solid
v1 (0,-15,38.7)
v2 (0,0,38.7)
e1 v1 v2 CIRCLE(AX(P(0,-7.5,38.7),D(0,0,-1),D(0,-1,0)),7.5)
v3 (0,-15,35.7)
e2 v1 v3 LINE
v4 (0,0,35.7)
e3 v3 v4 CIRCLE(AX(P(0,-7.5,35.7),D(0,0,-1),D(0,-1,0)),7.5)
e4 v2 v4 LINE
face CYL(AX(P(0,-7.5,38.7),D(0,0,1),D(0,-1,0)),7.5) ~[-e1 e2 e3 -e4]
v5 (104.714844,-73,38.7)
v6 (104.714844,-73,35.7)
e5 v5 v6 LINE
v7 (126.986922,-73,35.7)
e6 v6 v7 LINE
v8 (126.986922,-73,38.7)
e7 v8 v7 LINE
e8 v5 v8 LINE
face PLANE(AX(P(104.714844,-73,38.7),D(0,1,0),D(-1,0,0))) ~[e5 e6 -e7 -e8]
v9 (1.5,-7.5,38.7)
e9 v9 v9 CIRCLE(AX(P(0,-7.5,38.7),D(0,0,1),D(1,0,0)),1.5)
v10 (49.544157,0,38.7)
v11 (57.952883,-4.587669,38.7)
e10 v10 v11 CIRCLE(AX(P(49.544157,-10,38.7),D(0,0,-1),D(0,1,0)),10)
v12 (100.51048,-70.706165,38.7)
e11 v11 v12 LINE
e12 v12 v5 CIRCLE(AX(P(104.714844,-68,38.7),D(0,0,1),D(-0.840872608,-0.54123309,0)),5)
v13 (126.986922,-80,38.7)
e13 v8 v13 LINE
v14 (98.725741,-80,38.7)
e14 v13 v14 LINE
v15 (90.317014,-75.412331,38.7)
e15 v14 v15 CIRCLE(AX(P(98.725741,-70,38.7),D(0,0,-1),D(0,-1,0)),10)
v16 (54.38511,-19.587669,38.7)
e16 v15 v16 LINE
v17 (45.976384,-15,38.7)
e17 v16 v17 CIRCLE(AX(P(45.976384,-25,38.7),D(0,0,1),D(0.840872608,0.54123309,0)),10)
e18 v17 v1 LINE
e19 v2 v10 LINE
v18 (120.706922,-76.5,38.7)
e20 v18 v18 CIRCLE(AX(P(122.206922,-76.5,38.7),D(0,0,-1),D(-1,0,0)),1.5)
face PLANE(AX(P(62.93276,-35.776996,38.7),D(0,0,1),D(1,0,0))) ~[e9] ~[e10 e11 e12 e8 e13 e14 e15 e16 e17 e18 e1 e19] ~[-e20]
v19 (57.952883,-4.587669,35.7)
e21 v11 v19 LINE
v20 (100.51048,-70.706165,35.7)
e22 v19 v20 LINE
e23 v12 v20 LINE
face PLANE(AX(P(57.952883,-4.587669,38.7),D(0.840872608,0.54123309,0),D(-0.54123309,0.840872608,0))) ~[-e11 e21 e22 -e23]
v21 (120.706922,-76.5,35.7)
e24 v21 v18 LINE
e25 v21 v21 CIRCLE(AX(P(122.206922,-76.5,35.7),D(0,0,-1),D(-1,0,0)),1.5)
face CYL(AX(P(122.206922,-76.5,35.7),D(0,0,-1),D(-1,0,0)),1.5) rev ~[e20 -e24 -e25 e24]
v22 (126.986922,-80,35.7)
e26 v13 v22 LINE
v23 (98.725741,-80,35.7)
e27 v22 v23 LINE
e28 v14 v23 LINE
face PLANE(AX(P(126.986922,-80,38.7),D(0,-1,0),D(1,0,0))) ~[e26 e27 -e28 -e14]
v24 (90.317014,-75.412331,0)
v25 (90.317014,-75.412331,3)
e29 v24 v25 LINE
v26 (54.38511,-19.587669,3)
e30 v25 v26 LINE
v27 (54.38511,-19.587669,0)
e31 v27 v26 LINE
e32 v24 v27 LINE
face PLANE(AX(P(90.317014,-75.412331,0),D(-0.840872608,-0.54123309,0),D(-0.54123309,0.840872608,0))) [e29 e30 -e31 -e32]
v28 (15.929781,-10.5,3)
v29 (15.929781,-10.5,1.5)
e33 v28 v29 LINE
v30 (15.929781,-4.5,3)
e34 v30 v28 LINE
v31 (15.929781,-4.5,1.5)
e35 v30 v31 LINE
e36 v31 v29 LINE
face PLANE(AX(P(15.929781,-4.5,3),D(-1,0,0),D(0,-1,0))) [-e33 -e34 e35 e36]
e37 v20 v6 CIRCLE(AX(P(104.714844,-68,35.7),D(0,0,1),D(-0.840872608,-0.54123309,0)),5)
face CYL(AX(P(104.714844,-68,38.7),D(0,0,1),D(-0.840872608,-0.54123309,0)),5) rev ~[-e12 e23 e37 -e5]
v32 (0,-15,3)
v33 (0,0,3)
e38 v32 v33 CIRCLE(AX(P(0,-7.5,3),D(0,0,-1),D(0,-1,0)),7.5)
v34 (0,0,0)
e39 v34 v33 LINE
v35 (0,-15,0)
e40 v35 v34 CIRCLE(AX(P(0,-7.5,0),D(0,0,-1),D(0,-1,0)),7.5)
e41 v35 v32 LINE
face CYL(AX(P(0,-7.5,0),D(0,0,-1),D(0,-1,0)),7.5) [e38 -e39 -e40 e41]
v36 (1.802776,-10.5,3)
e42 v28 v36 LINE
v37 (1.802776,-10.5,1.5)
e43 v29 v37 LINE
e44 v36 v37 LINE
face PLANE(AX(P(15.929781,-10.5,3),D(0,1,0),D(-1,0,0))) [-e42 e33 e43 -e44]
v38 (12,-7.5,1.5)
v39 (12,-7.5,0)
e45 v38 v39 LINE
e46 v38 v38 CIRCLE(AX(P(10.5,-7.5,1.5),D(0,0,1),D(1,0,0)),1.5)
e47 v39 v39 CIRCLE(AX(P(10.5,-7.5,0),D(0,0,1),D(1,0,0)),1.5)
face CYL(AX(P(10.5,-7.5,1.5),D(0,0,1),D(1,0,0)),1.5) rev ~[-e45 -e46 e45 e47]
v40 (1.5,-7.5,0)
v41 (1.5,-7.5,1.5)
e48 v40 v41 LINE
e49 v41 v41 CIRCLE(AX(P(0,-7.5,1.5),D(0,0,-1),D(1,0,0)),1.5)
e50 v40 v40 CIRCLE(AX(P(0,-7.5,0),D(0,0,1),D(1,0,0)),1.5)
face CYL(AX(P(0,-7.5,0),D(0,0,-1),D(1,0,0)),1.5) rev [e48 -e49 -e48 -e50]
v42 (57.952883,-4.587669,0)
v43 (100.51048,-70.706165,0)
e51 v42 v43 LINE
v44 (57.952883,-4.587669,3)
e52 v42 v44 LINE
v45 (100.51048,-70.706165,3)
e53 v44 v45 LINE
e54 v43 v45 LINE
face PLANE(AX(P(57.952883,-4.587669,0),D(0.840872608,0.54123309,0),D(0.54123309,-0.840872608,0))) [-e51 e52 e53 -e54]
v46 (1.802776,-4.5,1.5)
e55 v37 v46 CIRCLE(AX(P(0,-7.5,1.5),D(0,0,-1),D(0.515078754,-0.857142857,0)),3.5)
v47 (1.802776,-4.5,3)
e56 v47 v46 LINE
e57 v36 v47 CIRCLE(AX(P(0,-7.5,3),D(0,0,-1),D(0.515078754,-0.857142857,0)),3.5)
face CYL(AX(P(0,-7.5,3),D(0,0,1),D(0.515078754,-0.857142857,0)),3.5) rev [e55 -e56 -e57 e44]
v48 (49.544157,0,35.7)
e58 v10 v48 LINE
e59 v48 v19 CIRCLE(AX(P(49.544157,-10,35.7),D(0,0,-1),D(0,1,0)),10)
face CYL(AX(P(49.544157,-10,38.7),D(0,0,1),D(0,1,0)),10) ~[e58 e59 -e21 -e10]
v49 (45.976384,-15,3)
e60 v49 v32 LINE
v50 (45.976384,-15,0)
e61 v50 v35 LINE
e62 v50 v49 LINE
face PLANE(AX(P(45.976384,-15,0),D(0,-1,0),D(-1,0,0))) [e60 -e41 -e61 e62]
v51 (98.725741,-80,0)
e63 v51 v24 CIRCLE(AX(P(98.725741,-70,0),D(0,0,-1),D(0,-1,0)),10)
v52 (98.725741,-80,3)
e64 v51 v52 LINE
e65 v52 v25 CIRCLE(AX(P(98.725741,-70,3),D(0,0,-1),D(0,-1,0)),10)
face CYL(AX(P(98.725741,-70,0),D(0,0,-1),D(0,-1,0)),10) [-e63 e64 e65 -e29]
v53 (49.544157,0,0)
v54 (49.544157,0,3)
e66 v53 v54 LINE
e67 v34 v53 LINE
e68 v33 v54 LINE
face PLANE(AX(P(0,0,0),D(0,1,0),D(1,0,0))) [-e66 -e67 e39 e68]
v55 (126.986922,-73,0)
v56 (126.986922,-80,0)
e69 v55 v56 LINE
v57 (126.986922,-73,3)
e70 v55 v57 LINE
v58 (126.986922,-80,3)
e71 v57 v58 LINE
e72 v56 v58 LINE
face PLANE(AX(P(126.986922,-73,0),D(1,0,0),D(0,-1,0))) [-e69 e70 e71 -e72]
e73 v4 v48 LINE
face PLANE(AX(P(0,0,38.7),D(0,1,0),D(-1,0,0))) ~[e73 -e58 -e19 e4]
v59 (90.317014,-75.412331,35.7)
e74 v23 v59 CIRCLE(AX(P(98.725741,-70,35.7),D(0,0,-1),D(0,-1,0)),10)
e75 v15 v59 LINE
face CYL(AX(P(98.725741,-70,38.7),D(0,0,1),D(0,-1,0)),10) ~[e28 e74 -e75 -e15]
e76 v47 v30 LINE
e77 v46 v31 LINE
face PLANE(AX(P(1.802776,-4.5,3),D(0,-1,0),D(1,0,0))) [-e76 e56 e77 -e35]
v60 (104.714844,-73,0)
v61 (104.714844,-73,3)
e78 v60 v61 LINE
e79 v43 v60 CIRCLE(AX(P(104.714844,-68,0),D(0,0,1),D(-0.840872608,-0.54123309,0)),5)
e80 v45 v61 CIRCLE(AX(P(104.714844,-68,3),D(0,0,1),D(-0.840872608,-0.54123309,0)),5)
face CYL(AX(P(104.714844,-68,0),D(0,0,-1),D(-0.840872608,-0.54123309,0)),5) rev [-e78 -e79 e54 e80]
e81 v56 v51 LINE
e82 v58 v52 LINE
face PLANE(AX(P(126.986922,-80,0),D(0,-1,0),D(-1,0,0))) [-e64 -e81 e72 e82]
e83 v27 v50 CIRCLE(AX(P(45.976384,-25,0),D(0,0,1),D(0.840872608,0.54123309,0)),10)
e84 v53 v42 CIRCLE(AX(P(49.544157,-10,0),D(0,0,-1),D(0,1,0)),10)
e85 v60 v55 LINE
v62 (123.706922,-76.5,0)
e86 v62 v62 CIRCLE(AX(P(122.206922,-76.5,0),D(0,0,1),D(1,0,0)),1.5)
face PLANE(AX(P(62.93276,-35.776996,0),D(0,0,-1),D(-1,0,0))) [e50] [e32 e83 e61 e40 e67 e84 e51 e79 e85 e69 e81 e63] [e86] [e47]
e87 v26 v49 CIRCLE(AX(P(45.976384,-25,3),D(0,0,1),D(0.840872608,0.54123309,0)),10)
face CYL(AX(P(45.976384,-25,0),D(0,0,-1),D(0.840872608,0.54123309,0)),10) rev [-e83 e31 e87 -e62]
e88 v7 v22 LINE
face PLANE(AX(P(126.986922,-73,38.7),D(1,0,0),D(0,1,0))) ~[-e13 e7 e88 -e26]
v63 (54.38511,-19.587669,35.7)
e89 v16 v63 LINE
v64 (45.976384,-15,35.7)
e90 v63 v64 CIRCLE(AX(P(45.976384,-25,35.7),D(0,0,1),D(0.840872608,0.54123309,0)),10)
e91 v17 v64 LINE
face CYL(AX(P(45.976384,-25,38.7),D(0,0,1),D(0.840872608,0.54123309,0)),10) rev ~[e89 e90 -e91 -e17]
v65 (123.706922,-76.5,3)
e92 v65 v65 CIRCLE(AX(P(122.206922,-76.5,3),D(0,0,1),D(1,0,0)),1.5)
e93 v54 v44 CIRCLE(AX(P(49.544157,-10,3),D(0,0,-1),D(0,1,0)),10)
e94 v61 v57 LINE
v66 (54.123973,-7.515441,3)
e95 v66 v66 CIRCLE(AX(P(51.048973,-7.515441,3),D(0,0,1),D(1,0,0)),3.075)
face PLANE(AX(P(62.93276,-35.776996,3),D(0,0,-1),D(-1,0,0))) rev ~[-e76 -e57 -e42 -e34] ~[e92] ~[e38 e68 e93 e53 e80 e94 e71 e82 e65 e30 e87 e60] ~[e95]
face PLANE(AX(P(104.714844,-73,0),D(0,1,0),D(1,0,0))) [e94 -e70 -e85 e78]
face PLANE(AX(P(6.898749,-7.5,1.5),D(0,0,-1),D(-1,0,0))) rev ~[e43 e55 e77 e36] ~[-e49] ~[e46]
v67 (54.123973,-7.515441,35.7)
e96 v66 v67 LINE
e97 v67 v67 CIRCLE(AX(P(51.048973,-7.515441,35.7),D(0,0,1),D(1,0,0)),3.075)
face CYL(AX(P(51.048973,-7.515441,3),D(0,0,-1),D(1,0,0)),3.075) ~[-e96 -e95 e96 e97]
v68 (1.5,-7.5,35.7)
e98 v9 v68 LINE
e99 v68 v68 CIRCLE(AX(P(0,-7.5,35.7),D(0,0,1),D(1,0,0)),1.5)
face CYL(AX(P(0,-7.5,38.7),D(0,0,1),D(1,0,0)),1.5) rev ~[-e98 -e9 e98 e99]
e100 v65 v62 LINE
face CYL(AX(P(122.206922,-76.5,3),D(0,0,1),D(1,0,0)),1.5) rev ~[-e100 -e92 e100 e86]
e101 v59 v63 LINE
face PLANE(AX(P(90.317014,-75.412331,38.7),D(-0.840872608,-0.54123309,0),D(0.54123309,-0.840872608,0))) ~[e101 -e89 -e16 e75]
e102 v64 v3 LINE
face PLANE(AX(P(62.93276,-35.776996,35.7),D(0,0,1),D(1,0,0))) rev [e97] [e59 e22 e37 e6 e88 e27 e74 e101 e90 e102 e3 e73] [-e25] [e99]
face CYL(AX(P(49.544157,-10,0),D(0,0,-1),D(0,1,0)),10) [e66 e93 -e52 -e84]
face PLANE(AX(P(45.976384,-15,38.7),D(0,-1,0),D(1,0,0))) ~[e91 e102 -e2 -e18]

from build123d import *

# Parameters (mm, degrees)
SKETCH_324_R             = 1.5
EXTRUDE_1_DEPTH          = 3
SKETCH_2_R               = 1.5
CUT_EXTRUDE_1_DEPTH      = 111.5
CUT_EXTRUDE_1_DEPTH_BACK = 41.5
CUT_EXTRUDE_2_DEPTH      = 1.5
SKETCH_6_R               = 1.5
CUT_EXTRUDE_3_DEPTH      = 2.5
SKETCH_8_R               = 3.075
EXTRUDE_3_DEPTH          = 16.35
MIRROR_8_COPY_1_SKETCH_R = 3.075
MIRROR_8_COPY_1_DEPTH    = 16.35
MIRROR_8_COPY_2_SKETCH_R = 3.075
MIRROR_8_COPY_2_DEPTH    = 16.35
SKETCH_11_R              = 1.5
CUT_EXTRUDE_4_DEPTH      = 41.5


with BuildPart() as part:
    # Sketch 324 → 填料-伸長1 (new body)
    with BuildSketch(Plane.XY):
        with BuildLine():
            ThreePointArc((100.510480498, -70.70616545), (102.320143894, -72.389238388), (104.714843536, -73))
            Line((104.714843536, -73), (126.986921935, -73))
            Line((126.986921935, -73), (126.986921935, -80))
            Line((126.986921935, -80), (98.725740556, -80))
            ThreePointArc((98.725740556, -80), (93.936341272, -78.778476776), (90.317014479, -75.4123309))
            Line((90.317014479, -75.4123309), (54.385110012, -19.5876691))
            ThreePointArc((54.385110012, -19.5876691), (50.76578322, -16.221523224), (45.976383936, -15))
            Line((45.976383936, -15), (2.168890098, -15))
            Line((2.168890098, -15), (0, -15))
            ThreePointArc((0, -15), (-7.5, -7.5), (0, 0))
            Line((0, 0), (49.544156798, 0))
            ThreePointArc((49.544156798, 0), (54.333556082, -1.221523224), (57.952882875, -4.5876691))
            Line((57.952882875, -4.5876691), (100.510480498, -70.70616545))
        make_face()
        with Locations((0, -7.5)):
            Circle(SKETCH_324_R, mode=Mode.SUBTRACT)
    extrude_1 = extrude(amount=EXTRUDE_1_DEPTH)

    # 草圖2 → 除料-伸長1 (cut, two sides)
    with BuildSketch(Plane.XY.offset(3)) as cut_extrude_1_sk:
        with Locations((122.206921935, -76.5)):
            Circle(SKETCH_2_R)
    extrude(amount=CUT_EXTRUDE_1_DEPTH, mode=Mode.SUBTRACT)
    extrude(cut_extrude_1_sk.sketch, amount=-CUT_EXTRUDE_1_DEPTH_BACK, mode=Mode.SUBTRACT)

    # 草圖5 → 除料-伸長2 (cut)
    with BuildSketch(Plane.XY.offset(3)):
        with BuildLine():
            Line((1.802775638, -4.5), (15.929780582, -4.5))
            Line((15.929780582, -4.5), (15.929780582, -10.5))
            Line((15.929780582, -10.5), (1.802775638, -10.5))
            ThreePointArc((1.802775638, -10.5), (-3.5, -7.5), (1.802775638, -4.5))
        make_face()
    extrude(amount=-CUT_EXTRUDE_2_DEPTH, mode=Mode.SUBTRACT)

    # 草圖6 → 除料-伸長3 (cut, through all)
    with BuildSketch(Plane.XY.offset(1.5)):
        with Locations((10.5, -7.5)):
            Circle(SKETCH_6_R)
    extrude(amount=-CUT_EXTRUDE_3_DEPTH, mode=Mode.SUBTRACT)

    # 草圖8 → 填料-伸長3 (add)
    with BuildSketch(Plane.XY.offset(3)):
        with Locations((51.04897254, -7.515441374)):
            Circle(SKETCH_8_R)
    extrude_3 = extrude(amount=EXTRUDE_3_DEPTH)

    # 鏡射7: 填料-伸長3 across plane
    add(extrude_3.mirror(Plane.XY.offset(19.35)))

    # 鏡射8: 填料-伸長1 across plane
    add(extrude_1.mirror(Plane.XY.offset(19.35)))

    # 鏡射8 copy 1 sketch → 鏡射8 copy 1 (add)
    with BuildSketch(Plane.XY.offset(3)):
        with Locations((51.04897254, -7.515441374)):
            Circle(MIRROR_8_COPY_1_SKETCH_R)
    extrude(amount=MIRROR_8_COPY_1_DEPTH)

    # 鏡射8 copy 2 sketch → 鏡射8 copy 2 (add)
    with BuildSketch(Plane(origin=(0, 0, 35.7), x_dir=(1, 0, 0), z_dir=(0, 0, -1))):
        with Locations((51.04897254, 7.515441374)):
            Circle(MIRROR_8_COPY_2_SKETCH_R)
    extrude(amount=MIRROR_8_COPY_2_DEPTH)

    # 草圖11 → 除料-伸長4 (cut)
    with BuildSketch(Plane(origin=(0, 0, 35.7), x_dir=(-1, 0, 0), z_dir=(0, 0, -1))):
        with Locations((-122.206921935, -76.5)):
            Circle(SKETCH_11_R)
    extrude(amount=-CUT_EXTRUDE_4_DEPTH, mode=Mode.SUBTRACT)


solid = part.part
